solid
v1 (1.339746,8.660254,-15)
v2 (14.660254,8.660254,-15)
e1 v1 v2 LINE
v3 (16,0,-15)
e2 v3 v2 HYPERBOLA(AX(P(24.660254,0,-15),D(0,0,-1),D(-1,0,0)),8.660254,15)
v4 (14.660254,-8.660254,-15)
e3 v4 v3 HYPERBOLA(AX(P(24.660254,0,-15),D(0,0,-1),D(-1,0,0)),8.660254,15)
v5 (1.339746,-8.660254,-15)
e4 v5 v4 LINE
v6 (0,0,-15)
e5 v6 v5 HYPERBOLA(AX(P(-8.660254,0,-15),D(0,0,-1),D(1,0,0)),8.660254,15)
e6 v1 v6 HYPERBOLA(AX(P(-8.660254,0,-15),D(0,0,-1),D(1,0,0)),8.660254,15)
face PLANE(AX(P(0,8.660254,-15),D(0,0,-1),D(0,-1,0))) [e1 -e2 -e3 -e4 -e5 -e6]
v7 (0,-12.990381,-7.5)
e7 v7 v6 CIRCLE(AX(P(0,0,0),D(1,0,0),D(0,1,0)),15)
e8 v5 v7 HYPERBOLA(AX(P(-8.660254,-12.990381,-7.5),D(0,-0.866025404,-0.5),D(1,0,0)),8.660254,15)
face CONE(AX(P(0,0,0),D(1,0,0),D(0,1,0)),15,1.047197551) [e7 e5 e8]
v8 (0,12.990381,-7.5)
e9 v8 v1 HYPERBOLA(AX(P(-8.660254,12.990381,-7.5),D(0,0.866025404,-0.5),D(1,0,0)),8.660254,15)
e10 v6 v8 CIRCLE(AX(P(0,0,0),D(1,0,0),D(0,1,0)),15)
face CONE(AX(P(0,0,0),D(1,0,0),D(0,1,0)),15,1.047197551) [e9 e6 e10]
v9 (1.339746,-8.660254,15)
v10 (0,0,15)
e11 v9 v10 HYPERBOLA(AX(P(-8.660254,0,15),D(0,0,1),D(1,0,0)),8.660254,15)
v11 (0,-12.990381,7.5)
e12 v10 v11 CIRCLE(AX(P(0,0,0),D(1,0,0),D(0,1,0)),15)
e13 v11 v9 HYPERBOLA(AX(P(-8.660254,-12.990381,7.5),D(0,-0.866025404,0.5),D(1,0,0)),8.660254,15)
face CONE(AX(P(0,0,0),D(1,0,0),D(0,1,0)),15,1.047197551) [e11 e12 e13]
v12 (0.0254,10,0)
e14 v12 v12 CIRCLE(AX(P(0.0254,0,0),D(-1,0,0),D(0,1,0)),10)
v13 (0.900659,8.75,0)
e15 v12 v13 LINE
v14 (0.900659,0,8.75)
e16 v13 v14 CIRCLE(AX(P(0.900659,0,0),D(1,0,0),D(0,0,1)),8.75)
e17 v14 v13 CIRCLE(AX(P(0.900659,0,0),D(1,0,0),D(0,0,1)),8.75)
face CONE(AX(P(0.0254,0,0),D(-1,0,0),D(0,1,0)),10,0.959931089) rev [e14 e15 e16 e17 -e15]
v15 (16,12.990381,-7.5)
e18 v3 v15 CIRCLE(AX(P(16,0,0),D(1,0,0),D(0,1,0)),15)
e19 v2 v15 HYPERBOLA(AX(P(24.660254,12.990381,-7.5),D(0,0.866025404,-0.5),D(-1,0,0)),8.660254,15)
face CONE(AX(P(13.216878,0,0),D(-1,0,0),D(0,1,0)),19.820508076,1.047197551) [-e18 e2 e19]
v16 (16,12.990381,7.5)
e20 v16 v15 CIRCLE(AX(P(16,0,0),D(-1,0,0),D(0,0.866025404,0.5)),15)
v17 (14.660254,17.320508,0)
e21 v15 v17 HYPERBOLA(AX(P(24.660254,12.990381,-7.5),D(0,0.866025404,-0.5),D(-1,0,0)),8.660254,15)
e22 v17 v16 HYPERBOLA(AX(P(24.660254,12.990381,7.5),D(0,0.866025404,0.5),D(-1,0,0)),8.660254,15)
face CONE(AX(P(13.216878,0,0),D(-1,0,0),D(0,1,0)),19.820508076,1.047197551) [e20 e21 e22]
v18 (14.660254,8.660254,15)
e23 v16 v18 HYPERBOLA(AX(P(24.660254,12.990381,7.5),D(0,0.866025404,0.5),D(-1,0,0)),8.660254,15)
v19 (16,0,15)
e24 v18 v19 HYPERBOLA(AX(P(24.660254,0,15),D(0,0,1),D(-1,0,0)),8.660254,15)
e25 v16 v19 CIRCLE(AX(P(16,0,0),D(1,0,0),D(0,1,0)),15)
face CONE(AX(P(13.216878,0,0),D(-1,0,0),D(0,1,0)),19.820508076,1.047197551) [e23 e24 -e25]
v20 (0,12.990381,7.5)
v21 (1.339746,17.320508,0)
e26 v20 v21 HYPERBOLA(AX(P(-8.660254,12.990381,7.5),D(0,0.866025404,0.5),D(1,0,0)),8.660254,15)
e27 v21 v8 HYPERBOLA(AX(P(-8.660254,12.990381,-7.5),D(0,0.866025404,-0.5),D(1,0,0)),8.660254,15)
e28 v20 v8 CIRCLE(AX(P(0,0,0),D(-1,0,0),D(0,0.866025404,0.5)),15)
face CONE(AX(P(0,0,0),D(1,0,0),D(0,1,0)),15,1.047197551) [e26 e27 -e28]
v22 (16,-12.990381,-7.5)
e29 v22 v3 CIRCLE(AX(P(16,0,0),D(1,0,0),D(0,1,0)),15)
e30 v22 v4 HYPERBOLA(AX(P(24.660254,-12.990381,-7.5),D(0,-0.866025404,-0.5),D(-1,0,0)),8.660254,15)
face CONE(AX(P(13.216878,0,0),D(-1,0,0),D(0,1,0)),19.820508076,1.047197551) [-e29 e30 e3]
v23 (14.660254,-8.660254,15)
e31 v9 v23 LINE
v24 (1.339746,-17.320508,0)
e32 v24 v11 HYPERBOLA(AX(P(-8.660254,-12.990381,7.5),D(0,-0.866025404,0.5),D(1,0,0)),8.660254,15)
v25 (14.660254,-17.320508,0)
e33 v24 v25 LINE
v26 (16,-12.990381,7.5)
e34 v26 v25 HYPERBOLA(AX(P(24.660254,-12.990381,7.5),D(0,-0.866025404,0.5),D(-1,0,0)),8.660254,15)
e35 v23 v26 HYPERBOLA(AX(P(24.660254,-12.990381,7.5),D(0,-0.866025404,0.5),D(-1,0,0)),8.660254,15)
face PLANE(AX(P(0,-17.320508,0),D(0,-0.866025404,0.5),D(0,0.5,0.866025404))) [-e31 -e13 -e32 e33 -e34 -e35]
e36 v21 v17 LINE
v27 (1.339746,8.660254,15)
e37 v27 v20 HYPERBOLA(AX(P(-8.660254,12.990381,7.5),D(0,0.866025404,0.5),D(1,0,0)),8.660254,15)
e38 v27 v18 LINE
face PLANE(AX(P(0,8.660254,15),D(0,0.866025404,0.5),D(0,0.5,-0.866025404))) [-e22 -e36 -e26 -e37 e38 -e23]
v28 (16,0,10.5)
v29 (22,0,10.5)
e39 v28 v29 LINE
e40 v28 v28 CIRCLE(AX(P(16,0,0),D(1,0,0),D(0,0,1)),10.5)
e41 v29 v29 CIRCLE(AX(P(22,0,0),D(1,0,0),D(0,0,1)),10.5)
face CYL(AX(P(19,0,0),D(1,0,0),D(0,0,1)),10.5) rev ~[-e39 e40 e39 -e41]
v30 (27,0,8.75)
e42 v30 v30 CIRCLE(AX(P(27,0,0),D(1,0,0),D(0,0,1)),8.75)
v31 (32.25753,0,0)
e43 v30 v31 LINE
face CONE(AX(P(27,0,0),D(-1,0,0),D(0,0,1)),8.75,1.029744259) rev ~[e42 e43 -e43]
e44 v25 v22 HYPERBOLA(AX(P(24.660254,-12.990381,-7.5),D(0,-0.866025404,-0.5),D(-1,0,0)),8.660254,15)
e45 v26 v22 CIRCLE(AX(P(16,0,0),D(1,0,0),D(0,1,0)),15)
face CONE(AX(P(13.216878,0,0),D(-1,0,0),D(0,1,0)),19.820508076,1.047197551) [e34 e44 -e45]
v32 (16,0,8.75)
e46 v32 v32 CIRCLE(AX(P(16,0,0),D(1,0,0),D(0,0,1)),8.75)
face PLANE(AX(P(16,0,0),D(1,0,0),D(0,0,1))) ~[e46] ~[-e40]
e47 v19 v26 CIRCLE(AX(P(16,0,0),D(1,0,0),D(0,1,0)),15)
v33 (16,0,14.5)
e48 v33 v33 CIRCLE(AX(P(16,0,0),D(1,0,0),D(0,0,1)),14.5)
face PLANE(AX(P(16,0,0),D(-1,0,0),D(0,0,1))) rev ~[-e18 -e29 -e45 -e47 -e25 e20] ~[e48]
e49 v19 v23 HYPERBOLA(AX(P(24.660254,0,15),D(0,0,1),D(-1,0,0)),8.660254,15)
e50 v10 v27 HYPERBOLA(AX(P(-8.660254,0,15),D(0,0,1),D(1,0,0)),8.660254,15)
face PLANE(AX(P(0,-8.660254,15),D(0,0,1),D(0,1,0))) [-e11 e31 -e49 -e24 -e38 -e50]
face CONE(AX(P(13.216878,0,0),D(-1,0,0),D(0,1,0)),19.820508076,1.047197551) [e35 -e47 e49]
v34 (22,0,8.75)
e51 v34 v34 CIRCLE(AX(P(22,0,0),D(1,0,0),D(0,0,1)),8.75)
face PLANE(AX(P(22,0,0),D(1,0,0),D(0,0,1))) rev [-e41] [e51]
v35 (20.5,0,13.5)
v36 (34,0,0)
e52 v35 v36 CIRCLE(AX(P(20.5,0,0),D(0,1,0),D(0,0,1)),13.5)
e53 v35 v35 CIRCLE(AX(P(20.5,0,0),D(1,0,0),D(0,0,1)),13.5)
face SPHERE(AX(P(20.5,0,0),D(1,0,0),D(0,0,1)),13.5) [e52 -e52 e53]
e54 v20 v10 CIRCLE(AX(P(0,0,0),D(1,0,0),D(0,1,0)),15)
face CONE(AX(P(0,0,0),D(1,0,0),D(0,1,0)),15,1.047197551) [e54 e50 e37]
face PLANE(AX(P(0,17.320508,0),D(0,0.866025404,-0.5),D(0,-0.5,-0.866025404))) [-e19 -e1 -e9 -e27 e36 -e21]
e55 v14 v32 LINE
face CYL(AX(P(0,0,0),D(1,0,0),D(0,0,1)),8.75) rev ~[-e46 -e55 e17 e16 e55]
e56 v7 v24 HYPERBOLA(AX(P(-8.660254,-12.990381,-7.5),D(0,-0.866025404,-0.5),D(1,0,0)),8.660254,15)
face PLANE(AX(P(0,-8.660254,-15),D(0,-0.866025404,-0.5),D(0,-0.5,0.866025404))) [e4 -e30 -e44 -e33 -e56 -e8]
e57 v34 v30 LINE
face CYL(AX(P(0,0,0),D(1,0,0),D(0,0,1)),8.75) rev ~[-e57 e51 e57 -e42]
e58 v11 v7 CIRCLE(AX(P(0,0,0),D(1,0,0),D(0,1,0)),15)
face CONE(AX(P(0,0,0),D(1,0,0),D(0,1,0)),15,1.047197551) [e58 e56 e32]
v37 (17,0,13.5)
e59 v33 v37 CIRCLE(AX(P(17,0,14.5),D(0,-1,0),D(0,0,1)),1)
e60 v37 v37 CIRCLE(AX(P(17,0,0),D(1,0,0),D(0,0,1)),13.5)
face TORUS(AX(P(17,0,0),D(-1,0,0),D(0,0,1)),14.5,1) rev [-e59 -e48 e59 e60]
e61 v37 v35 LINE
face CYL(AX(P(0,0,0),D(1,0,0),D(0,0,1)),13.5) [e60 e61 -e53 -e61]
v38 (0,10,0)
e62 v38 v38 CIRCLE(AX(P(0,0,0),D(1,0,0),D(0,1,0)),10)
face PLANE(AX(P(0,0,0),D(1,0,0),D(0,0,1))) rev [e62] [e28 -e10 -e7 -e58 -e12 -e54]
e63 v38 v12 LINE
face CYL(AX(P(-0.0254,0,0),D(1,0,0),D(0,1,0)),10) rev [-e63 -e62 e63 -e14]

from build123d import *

# Parameters (mm, degrees)
BASENUT_DEPTH = 16
GRVSKE_W      = 6
GRVSKE_H      = 2.75
DOMEFILLET_R  = 1


with BuildPart() as part:
    # BaseNutSke → BaseNut (new body)
    with BuildSketch(Plane(origin=(0, 0, 0), x_dir=(0, 0, -1), z_dir=(1, 0, 0))):
        Polygon((15, 8.660254038), (15, -8.660254038), (0, -17.320508076), (-15, -8.660254038), (-15, 8.660254038), (0, 17.320508076), align=None)
    extrude(amount=BASENUT_DEPTH)

    # DomeSke → Dome (revolve)
    with BuildSketch(Plane.XY, mode=Mode.PRIVATE) as dome_sk:
        with BuildLine():
            Line((34, 0), (0, 0))
            Line((0, 0), (0, 13.5))
            Line((0, 13.5), (20.5, 13.5))
            ThreePointArc((20.5, 13.5), (30.045941546, 9.545941546), (34, 0))
        make_face()
    revolve(dome_sk.sketch.rotate(Axis((0, 0, 0), (1, 0, 0)), 90), axis=Axis((0, 0, 0), (1, 0, 0)))

    # Sketch4 → DoubleChamfer (revolve, cut)
    with BuildSketch(Plane.XY):
        Polygon((0, 15), (2.783121635, 19.820508076), (13.216878365, 19.820508076), (16, 15), (18, 15), (18, 30), (-2, 30), (-2, 15), align=None)
    revolve(axis=Axis((0, 0, 0), (1, 0, 0)), mode=Mode.SUBTRACT)

    # TapDriSke → TapDrill (revolve, cut)
    with BuildSketch(Plane.XY, mode=Mode.PRIVATE) as tapdrill_sk:
        Polygon((0, 8.75), (27, 8.75), (32.257530416, 0), (0, 0), align=None)
    revolve(tapdrill_sk.sketch.rotate(Axis((0, 0, 0), (1, 0, 0)), 90), axis=Axis((0, 0, 0), (1, 0, 0)), mode=Mode.SUBTRACT)

    # GrvSke → Groove (revolve, cut)
    with BuildSketch(Plane.XY, mode=Mode.PRIVATE) as groove_sk:
        with Locations((19, 9.125)):
            Rectangle(GRVSKE_W, GRVSKE_H)
    revolve(groove_sk.sketch.rotate(Axis((0, 0, 0), (1, 0, 0)), 90), axis=Axis((0, 0, 0), (1, 0, 0)), mode=Mode.SUBTRACT)

    # EndChamferSketch → EndChamfer (revolve, cut)
    with BuildSketch(Plane.XY):
        Polygon((-0.0254, 10), (0.0254, 10), (0.988185365, 8.625), (-0.0254, 8.625), align=None)
    revolve(axis=Axis((0, 0, 0), (-1, 0, 0)), mode=Mode.SUBTRACT)

    # DomeFillet
    domefillet_edges = [part.edges().sort_by_distance(p)[0] for p in [
        (16, 0, -13.5),
    ]]
    fillet(domefillet_edges, radius=DOMEFILLET_R)


solid = part.part
